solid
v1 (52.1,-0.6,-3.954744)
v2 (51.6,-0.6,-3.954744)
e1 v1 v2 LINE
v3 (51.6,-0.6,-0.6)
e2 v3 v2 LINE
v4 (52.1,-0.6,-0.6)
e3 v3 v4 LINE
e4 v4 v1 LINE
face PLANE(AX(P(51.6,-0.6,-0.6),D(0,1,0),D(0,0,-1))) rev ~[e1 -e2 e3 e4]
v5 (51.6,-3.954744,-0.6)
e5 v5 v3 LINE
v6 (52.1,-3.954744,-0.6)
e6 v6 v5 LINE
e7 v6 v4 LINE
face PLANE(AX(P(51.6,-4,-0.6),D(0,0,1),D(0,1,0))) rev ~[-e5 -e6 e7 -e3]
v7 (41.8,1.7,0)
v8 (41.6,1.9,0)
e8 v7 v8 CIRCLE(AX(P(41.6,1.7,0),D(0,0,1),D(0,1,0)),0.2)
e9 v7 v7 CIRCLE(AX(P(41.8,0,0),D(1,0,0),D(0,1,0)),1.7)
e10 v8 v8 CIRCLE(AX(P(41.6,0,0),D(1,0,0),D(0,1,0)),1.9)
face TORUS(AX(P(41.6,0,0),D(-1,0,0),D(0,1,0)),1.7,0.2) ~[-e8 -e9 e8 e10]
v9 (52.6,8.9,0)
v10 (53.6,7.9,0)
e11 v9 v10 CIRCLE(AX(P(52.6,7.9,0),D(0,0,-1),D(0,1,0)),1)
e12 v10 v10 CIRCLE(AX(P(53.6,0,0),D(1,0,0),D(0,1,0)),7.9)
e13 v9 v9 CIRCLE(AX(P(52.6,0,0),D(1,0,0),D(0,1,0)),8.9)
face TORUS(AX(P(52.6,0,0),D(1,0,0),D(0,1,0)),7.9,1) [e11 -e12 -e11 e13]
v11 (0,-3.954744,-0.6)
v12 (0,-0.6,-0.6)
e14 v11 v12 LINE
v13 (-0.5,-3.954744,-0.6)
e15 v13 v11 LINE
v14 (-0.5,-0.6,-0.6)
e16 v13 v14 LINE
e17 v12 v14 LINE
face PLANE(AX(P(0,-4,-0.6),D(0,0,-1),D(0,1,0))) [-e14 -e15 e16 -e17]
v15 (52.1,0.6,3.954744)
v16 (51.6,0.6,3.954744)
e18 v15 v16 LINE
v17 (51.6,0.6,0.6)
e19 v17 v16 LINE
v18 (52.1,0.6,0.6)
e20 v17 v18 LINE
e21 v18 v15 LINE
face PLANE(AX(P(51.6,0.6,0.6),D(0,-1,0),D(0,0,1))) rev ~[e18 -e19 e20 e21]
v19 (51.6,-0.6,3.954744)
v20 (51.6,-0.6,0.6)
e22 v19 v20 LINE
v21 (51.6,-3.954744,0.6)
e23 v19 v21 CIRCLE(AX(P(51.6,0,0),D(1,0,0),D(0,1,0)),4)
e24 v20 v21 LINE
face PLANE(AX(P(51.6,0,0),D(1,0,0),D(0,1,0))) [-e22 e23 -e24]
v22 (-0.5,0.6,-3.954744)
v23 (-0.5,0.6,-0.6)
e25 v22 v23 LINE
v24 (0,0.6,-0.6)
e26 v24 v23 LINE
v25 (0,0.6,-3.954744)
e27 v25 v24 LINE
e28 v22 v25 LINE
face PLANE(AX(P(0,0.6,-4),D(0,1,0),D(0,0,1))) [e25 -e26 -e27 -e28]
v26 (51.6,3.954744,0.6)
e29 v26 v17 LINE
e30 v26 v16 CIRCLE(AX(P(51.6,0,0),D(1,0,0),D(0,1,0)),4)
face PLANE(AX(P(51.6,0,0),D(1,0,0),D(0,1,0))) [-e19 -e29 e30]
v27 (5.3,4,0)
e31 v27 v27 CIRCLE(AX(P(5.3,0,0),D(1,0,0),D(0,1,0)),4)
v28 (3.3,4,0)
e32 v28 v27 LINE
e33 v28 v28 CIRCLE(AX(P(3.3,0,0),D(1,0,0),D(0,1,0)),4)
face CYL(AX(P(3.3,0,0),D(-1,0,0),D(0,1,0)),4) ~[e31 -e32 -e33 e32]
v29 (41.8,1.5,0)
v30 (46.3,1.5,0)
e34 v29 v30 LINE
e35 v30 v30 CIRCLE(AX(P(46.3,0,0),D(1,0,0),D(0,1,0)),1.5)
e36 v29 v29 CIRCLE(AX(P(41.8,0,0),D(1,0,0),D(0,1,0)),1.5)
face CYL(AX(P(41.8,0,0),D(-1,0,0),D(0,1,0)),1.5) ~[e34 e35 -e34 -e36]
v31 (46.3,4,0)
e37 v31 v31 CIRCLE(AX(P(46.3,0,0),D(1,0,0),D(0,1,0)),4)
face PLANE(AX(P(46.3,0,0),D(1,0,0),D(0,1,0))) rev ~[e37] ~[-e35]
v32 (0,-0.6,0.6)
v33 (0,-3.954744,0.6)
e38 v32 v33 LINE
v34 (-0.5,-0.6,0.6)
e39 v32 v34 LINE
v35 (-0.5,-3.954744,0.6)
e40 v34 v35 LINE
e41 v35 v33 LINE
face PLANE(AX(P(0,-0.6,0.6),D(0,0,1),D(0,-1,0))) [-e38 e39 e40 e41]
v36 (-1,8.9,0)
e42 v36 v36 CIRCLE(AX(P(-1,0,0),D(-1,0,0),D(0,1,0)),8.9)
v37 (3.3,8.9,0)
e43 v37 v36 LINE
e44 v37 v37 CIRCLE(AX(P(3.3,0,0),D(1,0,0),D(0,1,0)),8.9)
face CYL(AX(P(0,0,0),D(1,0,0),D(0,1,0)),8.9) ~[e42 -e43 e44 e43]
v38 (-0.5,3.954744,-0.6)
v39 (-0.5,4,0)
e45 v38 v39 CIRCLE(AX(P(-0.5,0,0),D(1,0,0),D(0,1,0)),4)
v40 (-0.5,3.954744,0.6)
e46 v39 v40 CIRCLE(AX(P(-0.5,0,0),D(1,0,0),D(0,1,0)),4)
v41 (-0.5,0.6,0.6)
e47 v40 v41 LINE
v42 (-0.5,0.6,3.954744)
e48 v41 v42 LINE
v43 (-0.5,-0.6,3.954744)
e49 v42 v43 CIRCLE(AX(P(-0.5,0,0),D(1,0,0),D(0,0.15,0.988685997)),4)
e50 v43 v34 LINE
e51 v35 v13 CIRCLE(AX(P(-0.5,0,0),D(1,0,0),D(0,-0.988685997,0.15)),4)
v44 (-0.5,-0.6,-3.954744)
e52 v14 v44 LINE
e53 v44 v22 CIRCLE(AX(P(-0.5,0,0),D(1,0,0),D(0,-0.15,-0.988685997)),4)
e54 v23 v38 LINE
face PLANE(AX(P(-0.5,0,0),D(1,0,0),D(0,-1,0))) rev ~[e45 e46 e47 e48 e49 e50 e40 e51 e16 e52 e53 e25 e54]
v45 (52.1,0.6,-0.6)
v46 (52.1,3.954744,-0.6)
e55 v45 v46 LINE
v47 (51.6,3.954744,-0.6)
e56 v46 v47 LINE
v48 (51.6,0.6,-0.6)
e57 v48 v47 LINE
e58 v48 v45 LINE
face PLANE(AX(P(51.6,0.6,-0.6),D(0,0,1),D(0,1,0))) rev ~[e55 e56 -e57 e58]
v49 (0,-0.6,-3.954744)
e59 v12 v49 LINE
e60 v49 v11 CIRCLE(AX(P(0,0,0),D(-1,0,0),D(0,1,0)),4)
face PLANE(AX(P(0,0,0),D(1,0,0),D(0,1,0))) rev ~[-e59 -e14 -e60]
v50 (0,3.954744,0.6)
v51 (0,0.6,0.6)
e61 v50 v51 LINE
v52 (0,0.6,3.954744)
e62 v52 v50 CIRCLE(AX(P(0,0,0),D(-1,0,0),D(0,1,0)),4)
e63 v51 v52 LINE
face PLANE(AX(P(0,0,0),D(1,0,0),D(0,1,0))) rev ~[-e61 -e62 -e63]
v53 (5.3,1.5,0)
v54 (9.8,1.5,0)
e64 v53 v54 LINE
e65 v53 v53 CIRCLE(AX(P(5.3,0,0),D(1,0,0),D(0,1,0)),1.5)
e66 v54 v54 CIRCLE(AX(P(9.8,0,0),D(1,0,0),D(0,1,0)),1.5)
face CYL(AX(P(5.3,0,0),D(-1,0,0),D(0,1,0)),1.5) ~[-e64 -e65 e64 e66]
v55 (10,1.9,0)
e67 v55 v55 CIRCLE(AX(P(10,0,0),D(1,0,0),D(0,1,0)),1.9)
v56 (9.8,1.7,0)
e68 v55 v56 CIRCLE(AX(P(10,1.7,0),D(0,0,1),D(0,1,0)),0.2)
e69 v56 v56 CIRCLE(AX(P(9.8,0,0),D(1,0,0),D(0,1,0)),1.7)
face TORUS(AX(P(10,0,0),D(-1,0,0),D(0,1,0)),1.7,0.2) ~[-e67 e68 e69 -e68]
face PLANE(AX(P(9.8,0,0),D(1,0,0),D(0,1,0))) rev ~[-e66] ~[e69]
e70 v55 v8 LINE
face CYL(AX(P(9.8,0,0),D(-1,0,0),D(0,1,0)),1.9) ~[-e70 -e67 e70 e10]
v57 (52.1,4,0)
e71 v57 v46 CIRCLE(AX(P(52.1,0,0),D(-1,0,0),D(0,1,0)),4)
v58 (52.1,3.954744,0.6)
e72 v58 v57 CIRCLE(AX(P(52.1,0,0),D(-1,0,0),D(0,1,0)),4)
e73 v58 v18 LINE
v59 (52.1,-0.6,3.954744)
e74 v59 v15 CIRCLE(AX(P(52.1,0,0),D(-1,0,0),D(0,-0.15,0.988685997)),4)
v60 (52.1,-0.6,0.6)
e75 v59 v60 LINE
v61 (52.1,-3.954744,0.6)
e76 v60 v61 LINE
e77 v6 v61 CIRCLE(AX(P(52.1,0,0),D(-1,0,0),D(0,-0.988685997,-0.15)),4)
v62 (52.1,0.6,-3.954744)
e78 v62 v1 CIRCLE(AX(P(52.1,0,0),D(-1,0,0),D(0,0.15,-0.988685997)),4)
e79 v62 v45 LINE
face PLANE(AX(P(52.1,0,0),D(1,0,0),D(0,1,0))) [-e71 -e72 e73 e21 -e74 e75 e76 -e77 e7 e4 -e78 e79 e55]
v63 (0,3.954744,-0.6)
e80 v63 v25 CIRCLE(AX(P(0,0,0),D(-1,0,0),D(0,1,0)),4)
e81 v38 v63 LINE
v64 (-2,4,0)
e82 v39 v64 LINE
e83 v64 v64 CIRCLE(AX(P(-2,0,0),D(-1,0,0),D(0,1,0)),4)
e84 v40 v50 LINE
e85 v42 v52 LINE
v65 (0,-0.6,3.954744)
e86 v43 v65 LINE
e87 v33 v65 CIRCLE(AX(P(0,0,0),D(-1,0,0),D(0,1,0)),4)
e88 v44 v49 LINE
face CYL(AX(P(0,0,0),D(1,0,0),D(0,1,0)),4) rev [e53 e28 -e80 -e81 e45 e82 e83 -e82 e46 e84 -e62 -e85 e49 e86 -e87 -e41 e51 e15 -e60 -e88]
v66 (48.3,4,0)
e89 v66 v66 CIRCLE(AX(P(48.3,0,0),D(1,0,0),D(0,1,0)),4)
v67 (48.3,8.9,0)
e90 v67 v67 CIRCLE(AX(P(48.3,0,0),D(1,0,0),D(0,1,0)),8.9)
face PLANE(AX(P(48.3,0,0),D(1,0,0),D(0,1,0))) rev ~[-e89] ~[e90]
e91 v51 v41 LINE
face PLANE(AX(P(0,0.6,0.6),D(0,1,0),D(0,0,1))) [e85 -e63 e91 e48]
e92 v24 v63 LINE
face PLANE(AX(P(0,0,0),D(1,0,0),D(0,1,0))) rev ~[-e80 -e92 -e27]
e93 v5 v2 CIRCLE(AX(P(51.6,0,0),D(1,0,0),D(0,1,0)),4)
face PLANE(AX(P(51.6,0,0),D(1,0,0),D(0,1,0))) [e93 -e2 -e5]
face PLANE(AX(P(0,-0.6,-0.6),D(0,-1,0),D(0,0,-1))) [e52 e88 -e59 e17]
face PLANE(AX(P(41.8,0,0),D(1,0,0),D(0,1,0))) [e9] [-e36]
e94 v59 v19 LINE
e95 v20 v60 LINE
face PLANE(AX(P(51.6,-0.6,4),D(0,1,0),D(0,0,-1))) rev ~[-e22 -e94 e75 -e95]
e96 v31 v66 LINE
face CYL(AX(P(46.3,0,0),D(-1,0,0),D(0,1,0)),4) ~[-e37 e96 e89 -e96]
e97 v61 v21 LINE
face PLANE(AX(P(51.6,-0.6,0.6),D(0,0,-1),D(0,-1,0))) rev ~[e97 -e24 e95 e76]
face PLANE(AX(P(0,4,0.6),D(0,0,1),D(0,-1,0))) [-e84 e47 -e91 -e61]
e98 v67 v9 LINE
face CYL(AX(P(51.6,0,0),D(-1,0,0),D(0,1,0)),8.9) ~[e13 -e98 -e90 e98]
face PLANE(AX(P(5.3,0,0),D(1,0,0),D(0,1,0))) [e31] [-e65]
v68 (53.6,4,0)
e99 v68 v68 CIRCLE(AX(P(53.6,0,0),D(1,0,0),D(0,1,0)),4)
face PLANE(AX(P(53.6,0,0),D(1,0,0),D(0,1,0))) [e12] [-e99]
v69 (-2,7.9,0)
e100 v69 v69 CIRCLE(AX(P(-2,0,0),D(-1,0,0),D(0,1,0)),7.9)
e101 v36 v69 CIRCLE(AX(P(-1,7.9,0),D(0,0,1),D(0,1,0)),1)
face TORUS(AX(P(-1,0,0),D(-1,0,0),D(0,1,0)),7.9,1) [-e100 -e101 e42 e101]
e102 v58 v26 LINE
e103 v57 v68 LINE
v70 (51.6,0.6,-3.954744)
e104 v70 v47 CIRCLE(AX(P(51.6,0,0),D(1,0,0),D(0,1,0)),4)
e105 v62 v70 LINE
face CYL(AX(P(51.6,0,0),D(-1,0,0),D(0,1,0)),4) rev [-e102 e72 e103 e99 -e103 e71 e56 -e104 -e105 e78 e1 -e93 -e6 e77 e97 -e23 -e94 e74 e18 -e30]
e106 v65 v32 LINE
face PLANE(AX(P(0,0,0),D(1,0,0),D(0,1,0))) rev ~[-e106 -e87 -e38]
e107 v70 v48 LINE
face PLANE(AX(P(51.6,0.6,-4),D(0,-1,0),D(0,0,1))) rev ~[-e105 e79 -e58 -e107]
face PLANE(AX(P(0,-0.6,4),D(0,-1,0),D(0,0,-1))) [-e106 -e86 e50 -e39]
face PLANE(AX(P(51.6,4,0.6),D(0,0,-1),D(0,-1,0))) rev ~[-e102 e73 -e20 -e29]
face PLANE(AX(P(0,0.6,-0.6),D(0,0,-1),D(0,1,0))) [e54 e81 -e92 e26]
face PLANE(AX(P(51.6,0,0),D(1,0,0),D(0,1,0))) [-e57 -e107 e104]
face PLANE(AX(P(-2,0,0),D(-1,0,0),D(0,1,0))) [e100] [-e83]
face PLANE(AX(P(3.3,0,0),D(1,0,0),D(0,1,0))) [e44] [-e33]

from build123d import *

# Parameters (mm, degrees)
SKETCH_R      = 8.9
PAD_DEPTH     = 3.3
SKETCH001_R   = 8.9
SKETCH001_R_2 = 4
PAD001_DEPTH  = 2
SKETCH003_R   = 4
PAD002_DEPTH  = 2
SKETCH004_R   = 1.5
PAD003_DEPTH  = 4.5
SKETCH005_R   = 1.9
PAD004_DEPTH  = 32
FILLET_R      = 1
SKETCH006_R   = 1.5
PAD005_DEPTH  = 4.5
SKETCH007_R   = 4
PAD006_DEPTH  = 2
SKETCH008_R   = 8.9
PAD007_DEPTH  = 3.3
SKETCH009_R   = 8.9
SKETCH009_R_2 = 4
PAD008_DEPTH  = 2
FILLET001_R   = 1
FILLET002_R   = 0.2
FILLET003_R   = 0.2
PAD009_DEPTH  = 0.5
PAD010_DEPTH  = 0.5


with BuildPart() as part:
    # Sketch → Pad (new body)
    with BuildSketch(Plane.YZ):
        Circle(SKETCH_R)
    extrude(amount=PAD_DEPTH)

    # Sketch001 (on Face2 of Pad) → Pad001 (join)
    with BuildSketch(Plane(origin=(0, 0, 0), x_dir=(0, 1, 0), z_dir=(-1, 0, 0))):
        Circle(SKETCH001_R)
        Circle(SKETCH001_R_2, mode=Mode.SUBTRACT)
    extrude(amount=PAD001_DEPTH)

    # Sketch003 (on Face3 of Pad001) → Pad002 (join)
    with BuildSketch(Plane.YZ.offset(3.3)):
        Circle(SKETCH003_R)
    extrude(amount=PAD002_DEPTH)

    # Sketch004 (on Face7 of Pad002) → Pad003 (join)
    with BuildSketch(Plane.YZ.offset(5.3)):
        Circle(SKETCH004_R)
    extrude(amount=PAD003_DEPTH)

    # Sketch005 (on Face10 of Pad003) → Pad004 (join)
    with BuildSketch(Plane.YZ.offset(9.8)):
        Circle(SKETCH005_R)
    extrude(amount=PAD004_DEPTH)

    # Fillet
    fillet_edges = [part.edges().sort_by_distance(p)[0] for p in [
        (-2, -8.9, 0),
    ]]
    fillet(fillet_edges, radius=FILLET_R)

    # Sketch006 (on Face13 of Fillet) → Pad005 (join)
    with BuildSketch(Plane.YZ.offset(41.8)):
        Circle(SKETCH006_R)
    extrude(amount=PAD005_DEPTH)

    # Sketch007 (on Face15 of Pad005) → Pad006 (join)
    with BuildSketch(Plane.YZ.offset(46.3)):
        Circle(SKETCH007_R)
    extrude(amount=PAD006_DEPTH)

    # Sketch008 (on Face3 of Pad006) → Pad007 (join)
    with BuildSketch(Plane.YZ.offset(48.3)):
        Circle(SKETCH008_R)
    extrude(amount=PAD007_DEPTH)

    # Sketch009 (on Face3 of Pad007) → Pad008 (join)
    with BuildSketch(Plane.YZ.offset(51.6)):
        Circle(SKETCH009_R)
        Circle(SKETCH009_R_2, mode=Mode.SUBTRACT)
    extrude(amount=PAD008_DEPTH)

    # Fillet001
    fillet001_edges = [part.edges().sort_by_distance(p)[0] for p in [
        (53.6, -8.9, 0),
    ]]
    fillet(fillet001_edges, radius=FILLET001_R)

    # Fillet002
    fillet002_edges = [part.edges().sort_by_distance(p)[0] for p in [
        (41.8, -1.9, 0),
    ]]
    fillet(fillet002_edges, radius=FILLET002_R)

    # Fillet003
    fillet003_edges = [part.edges().sort_by_distance(p)[0] for p in [
        (9.8, -1.9, 0),
    ]]
    fillet(fillet003_edges, radius=FILLET003_R)

    # Sketch010 (on Face24 of Fillet003) → Pad009 (join)
    with BuildSketch(Plane(origin=(0, 0, 0), x_dir=(0, 1, 0), z_dir=(-1, 0, 0))):
        Polygon((-0.6, 0.6), (-0.6, 4), (0.6, 4), (0.6, 0.6), (4, 0.6), (4, -0.6), (0.6, -0.6), (0.6, -4), (-0.6, -4), (-0.6, -0.6), (-4, -0.6), (-4, 0.6), align=None)
    extrude(amount=PAD009_DEPTH)

    # Sketch011 (on Face37 of Pad009) → Pad010 (join)
    with BuildSketch(Plane.YZ.offset(51.6)):
        Polygon((-0.6, -0.6), (-0.6, -4), (0.6, -4), (0.6, -0.6), (4, -0.6), (4, 0.6), (0.6, 0.6), (0.6, 4), (-0.6, 4), (-0.6, 0.6), (-4, 0.6), (-4, -0.6), align=None)
    extrude(amount=PAD010_DEPTH)


solid = part.part
